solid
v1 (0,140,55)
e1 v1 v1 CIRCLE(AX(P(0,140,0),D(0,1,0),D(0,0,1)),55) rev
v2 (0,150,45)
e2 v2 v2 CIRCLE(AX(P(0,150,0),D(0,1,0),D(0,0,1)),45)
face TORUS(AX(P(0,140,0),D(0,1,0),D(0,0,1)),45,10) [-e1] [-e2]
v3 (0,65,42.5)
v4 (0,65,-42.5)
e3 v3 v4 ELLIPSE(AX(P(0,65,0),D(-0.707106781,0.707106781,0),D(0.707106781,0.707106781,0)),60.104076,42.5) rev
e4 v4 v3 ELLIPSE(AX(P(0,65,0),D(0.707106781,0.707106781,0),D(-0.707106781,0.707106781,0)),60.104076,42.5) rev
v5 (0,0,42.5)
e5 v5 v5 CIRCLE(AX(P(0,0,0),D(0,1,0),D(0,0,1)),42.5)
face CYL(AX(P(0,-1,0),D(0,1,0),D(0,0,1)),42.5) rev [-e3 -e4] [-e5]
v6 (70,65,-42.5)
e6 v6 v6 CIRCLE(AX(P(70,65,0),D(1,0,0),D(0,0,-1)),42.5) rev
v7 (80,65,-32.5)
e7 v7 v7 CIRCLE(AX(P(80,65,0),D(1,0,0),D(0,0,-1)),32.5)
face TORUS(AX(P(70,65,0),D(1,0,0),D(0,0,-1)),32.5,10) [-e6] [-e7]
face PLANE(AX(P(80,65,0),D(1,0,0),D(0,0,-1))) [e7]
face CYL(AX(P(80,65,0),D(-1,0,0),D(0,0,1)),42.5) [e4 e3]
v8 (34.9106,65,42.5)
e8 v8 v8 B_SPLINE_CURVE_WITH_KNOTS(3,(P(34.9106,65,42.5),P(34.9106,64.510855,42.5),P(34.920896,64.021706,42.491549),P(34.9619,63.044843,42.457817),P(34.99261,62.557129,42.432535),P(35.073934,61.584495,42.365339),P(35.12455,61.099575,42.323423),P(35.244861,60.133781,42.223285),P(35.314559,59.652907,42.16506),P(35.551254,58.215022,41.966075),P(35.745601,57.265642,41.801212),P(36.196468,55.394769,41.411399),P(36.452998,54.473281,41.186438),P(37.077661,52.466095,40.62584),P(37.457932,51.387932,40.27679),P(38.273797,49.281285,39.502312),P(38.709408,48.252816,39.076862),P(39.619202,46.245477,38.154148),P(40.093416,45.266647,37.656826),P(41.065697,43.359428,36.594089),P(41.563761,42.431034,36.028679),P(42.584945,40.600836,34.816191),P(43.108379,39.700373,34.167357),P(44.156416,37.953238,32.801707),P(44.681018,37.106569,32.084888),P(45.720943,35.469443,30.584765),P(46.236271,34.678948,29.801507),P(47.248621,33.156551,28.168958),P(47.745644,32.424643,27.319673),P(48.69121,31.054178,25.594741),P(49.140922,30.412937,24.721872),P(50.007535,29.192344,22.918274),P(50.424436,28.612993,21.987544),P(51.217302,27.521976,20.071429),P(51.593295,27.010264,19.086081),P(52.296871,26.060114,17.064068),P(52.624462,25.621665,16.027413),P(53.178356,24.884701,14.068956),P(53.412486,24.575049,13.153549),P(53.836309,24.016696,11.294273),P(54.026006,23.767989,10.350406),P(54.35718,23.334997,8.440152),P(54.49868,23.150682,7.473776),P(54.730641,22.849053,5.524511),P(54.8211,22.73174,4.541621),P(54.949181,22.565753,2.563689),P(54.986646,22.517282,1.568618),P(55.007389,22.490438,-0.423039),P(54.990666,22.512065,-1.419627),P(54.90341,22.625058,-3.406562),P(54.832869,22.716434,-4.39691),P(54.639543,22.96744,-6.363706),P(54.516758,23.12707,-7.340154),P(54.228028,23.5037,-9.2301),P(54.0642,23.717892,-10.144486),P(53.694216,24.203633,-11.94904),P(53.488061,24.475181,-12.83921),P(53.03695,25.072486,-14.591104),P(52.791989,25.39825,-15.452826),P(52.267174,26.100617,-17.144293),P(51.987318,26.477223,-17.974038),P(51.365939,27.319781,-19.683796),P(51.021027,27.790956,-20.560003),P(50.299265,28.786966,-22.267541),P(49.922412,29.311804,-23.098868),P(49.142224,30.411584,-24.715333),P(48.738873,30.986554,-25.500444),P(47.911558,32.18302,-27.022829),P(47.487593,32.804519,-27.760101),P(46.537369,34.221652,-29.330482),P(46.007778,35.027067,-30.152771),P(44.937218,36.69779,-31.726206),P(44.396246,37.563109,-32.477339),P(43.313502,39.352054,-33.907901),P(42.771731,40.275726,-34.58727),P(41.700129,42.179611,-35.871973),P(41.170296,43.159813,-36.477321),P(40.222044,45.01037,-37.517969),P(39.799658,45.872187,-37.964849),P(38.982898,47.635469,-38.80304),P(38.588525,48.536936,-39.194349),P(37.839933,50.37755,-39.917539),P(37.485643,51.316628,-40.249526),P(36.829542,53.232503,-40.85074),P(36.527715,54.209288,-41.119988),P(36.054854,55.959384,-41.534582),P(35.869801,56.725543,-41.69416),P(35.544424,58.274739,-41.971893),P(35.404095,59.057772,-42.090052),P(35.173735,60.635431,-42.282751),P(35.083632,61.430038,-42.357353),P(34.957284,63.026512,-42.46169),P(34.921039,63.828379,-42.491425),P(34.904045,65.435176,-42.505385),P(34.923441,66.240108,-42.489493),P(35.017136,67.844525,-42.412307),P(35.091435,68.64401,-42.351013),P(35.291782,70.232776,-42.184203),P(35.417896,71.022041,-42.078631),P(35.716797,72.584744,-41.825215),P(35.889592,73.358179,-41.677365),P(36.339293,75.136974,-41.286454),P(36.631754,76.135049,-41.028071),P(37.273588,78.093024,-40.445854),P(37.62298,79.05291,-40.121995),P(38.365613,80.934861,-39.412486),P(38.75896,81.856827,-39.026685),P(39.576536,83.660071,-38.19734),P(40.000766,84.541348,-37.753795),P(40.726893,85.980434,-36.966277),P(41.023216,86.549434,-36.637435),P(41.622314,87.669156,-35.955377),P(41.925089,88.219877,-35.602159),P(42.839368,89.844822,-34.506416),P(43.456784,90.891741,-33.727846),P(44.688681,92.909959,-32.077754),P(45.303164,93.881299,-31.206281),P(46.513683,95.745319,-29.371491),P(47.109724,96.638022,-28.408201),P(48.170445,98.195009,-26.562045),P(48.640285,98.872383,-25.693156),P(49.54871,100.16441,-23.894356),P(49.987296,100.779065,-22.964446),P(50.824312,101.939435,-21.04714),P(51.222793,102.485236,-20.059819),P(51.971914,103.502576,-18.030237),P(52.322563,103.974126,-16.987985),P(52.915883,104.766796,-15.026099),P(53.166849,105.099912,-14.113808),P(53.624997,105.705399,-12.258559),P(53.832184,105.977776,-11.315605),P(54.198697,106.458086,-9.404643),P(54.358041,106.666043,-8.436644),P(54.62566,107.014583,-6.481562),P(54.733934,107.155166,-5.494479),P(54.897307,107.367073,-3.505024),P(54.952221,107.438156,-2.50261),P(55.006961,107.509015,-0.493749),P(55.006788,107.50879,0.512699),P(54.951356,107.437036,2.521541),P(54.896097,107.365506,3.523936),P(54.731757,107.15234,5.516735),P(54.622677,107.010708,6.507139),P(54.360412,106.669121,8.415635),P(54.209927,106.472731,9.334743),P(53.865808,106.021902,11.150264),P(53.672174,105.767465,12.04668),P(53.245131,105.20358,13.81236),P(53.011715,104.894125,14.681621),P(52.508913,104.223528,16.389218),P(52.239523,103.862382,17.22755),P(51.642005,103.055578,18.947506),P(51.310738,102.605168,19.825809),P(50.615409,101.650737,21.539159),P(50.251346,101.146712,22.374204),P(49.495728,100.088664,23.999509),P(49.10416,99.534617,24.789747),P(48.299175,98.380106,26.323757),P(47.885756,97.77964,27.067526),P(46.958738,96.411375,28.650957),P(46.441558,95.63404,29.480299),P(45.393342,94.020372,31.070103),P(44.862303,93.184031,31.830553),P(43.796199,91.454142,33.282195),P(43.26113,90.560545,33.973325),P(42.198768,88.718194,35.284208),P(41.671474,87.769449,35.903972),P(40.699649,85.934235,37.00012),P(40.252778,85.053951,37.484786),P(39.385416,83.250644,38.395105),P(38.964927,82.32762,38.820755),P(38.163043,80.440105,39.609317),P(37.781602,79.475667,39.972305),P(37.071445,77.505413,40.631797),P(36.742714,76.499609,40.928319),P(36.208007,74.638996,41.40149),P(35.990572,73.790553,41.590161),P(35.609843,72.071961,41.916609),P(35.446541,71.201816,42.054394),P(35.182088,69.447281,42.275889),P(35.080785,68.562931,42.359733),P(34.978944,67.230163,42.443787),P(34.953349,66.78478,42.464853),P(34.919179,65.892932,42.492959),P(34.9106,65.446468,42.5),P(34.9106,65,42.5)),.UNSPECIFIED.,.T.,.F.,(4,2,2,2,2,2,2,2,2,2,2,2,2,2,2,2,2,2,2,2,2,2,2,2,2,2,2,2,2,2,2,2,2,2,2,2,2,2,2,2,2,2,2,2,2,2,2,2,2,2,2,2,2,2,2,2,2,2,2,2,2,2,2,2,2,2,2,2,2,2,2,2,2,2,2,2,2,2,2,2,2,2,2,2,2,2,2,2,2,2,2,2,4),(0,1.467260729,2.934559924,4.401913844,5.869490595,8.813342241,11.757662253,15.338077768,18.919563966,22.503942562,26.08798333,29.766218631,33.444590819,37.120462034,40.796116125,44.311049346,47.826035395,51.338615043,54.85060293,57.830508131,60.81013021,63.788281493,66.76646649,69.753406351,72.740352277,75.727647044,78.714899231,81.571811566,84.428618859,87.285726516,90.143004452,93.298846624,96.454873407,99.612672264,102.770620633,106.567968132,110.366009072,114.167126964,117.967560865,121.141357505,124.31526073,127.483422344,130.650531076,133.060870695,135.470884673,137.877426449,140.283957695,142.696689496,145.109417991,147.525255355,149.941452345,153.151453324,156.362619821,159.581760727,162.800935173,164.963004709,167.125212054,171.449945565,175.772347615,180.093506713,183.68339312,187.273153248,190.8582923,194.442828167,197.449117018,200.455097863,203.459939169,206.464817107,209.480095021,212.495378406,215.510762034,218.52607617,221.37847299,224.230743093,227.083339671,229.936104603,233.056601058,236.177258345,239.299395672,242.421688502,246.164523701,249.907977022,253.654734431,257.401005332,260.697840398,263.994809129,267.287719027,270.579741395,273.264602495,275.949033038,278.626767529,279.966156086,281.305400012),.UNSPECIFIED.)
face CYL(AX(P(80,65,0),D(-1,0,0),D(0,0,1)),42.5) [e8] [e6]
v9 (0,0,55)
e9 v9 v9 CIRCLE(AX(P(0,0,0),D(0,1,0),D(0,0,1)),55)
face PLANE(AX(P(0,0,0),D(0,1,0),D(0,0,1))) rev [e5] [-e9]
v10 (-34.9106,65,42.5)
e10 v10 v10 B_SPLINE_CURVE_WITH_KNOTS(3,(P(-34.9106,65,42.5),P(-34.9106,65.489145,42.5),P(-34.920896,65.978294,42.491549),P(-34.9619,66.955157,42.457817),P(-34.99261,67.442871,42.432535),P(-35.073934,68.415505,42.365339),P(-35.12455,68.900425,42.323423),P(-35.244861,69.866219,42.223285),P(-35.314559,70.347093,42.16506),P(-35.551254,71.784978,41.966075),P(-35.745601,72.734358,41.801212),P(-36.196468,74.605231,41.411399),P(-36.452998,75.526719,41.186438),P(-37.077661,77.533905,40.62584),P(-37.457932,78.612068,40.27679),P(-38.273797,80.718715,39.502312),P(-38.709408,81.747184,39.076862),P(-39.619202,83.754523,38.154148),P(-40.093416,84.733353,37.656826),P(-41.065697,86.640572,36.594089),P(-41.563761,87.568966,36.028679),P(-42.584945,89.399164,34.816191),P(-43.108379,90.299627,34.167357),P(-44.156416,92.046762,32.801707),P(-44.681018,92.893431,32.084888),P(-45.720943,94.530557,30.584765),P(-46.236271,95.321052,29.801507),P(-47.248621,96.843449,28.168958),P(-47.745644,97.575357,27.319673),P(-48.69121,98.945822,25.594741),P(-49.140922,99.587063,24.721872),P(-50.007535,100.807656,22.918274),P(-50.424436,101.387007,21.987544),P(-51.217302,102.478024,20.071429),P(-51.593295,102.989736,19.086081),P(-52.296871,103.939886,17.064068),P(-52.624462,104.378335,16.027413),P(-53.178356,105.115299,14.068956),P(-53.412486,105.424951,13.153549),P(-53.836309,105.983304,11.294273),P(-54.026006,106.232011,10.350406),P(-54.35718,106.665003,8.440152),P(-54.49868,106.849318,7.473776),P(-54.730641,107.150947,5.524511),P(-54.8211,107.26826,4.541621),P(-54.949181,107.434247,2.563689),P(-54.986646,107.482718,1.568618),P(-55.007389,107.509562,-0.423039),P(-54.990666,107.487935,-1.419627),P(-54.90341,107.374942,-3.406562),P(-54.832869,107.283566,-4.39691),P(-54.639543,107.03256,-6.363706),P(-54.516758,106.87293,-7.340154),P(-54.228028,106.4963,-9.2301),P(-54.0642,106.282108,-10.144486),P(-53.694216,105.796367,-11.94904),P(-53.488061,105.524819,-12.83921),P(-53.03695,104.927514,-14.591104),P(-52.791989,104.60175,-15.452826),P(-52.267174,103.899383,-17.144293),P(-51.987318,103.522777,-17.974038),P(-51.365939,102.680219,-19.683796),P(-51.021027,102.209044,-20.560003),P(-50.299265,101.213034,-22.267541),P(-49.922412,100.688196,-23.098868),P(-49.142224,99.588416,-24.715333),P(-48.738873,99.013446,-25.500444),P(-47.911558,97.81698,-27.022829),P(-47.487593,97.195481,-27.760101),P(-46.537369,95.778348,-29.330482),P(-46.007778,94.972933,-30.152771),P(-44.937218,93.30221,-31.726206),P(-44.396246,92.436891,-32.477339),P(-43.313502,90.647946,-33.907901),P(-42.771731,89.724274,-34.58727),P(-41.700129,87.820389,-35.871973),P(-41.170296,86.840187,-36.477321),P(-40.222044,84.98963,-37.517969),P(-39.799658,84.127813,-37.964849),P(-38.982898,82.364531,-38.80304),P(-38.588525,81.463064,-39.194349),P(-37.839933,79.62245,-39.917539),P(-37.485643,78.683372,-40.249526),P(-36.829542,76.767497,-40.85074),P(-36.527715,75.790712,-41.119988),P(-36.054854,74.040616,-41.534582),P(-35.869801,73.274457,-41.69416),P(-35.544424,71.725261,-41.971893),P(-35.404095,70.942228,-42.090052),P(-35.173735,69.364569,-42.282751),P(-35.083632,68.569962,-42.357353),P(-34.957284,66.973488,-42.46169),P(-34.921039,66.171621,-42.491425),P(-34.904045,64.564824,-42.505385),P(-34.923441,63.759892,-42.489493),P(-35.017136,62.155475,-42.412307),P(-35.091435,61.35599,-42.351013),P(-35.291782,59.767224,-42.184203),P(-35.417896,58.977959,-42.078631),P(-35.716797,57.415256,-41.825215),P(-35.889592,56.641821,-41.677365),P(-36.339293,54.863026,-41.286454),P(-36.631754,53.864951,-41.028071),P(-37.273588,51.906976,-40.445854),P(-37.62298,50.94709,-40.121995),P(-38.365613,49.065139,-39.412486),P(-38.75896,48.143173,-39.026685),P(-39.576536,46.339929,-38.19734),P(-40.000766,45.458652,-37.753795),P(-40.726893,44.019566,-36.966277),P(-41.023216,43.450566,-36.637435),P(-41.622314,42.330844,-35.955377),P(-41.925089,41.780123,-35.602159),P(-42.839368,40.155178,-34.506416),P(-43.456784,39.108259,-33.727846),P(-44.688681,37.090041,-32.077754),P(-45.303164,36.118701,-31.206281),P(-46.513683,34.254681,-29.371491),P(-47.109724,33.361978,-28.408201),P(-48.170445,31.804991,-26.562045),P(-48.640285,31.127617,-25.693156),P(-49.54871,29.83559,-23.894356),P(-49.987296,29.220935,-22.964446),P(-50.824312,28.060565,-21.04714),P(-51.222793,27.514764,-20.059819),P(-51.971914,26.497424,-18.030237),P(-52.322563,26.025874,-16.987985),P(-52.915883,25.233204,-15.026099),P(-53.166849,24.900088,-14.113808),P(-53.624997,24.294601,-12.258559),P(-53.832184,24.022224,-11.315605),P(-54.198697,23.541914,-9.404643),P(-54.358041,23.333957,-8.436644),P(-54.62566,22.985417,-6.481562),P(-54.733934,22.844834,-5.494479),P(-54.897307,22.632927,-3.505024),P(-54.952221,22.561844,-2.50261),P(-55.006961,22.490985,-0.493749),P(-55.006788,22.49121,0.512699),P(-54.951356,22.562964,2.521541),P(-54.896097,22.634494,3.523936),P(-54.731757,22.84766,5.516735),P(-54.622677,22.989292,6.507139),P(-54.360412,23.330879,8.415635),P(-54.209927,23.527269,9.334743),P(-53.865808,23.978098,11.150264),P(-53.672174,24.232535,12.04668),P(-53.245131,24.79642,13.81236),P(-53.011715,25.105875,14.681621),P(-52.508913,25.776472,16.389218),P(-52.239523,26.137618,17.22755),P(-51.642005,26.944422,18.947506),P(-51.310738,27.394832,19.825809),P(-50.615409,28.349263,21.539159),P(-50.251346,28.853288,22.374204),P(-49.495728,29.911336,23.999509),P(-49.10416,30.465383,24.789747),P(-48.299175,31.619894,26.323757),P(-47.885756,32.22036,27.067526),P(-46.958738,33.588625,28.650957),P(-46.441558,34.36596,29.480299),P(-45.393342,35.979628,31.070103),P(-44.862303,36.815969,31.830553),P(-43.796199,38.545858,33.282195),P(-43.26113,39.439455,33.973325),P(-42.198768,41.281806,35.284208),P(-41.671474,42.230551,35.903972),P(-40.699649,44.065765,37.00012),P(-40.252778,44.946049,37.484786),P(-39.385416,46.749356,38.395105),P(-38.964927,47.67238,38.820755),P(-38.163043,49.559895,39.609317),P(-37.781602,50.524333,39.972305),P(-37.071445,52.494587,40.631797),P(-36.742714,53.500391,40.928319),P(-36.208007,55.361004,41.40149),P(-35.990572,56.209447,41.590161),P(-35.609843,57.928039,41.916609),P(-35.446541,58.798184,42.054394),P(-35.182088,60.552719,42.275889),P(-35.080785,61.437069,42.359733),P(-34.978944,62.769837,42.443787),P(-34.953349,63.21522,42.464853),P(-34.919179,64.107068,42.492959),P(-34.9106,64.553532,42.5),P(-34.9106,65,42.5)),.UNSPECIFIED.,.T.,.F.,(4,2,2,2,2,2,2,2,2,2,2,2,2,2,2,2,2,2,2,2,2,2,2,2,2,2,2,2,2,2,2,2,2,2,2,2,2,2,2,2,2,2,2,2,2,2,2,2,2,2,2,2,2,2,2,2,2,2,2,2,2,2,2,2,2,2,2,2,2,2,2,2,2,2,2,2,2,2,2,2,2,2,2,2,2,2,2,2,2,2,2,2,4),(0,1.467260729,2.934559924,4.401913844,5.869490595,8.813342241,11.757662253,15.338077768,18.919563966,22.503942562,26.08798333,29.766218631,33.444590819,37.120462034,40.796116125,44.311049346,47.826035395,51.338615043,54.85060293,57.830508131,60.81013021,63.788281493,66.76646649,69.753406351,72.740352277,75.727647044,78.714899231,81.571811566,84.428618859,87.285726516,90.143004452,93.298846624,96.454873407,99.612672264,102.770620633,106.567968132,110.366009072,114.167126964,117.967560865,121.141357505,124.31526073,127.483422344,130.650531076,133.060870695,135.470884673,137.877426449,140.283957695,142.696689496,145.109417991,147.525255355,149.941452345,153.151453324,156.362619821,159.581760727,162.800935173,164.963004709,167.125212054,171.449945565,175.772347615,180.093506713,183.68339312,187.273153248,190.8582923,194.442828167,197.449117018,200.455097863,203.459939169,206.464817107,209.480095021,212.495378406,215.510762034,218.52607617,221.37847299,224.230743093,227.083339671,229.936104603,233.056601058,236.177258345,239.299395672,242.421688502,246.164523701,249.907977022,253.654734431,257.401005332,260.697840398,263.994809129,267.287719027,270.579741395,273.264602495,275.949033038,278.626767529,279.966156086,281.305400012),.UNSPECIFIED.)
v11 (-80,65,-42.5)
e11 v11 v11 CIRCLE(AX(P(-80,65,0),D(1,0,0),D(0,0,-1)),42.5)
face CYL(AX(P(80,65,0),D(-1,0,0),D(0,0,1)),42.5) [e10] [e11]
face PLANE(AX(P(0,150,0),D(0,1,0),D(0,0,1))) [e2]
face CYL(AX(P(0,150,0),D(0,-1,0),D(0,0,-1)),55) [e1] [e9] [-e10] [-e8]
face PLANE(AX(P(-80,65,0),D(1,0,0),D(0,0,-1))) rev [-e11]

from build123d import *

# Parameters (mm, degrees)
SKETCH1_R               = 55
BOSS_EXTRUDE1_DEPTH     = 150
SKETCH11_R              = 42.5
CUT_EXTRUDE9_DEPTH      = 65
CUT_EXTRUDE9_DEPTH_BACK = 1
FILLET5_R               = 10
SKETCH3_R               = 42.5
BOSS_EXTRUDE6_DEPTH     = 80
FILLET7_R               = 10


with BuildPart() as part:
    # Sketch1 → Boss-Extrude1 (new body)
    with BuildSketch(Plane(origin=(0, 0, 0), x_dir=(1, 0, 0), z_dir=(0, 1, 0))):
        Circle(SKETCH1_R)
    extrude(amount=BOSS_EXTRUDE1_DEPTH)

    # Sketch11 → Cut-Extrude9 (cut, two sides)
    with BuildSketch(Plane(origin=(0, 0, 0), x_dir=(1, 0, 0), z_dir=(0, 1, 0))) as cut_extrude9_sk:
        Circle(SKETCH11_R)
    extrude(amount=CUT_EXTRUDE9_DEPTH, mode=Mode.SUBTRACT)
    extrude(cut_extrude9_sk.sketch, amount=-CUT_EXTRUDE9_DEPTH_BACK, mode=Mode.SUBTRACT)

    # Fillet5
    fillet5_edges = [part.edges().sort_by_distance(p)[0] for p in [
        (-55, 150, 0),
    ]]
    fillet(fillet5_edges, radius=FILLET5_R)

    # Sketch3 → Boss-Extrude6 (add, symmetric)
    with BuildSketch(Plane(origin=(0, 0, 0), x_dir=(0, 0, -1), z_dir=(1, 0, 0))):
        with Locations((0, 65)):
            Circle(SKETCH3_R)
    extrude(amount=BOSS_EXTRUDE6_DEPTH, both=True)

    # Fillet7
    fillet7_edges = [part.edges().sort_by_distance(p)[0] for p in [
        (80, 65, 42.5),
    ]]
    fillet(fillet7_edges, radius=FILLET7_R)


solid = part.part
